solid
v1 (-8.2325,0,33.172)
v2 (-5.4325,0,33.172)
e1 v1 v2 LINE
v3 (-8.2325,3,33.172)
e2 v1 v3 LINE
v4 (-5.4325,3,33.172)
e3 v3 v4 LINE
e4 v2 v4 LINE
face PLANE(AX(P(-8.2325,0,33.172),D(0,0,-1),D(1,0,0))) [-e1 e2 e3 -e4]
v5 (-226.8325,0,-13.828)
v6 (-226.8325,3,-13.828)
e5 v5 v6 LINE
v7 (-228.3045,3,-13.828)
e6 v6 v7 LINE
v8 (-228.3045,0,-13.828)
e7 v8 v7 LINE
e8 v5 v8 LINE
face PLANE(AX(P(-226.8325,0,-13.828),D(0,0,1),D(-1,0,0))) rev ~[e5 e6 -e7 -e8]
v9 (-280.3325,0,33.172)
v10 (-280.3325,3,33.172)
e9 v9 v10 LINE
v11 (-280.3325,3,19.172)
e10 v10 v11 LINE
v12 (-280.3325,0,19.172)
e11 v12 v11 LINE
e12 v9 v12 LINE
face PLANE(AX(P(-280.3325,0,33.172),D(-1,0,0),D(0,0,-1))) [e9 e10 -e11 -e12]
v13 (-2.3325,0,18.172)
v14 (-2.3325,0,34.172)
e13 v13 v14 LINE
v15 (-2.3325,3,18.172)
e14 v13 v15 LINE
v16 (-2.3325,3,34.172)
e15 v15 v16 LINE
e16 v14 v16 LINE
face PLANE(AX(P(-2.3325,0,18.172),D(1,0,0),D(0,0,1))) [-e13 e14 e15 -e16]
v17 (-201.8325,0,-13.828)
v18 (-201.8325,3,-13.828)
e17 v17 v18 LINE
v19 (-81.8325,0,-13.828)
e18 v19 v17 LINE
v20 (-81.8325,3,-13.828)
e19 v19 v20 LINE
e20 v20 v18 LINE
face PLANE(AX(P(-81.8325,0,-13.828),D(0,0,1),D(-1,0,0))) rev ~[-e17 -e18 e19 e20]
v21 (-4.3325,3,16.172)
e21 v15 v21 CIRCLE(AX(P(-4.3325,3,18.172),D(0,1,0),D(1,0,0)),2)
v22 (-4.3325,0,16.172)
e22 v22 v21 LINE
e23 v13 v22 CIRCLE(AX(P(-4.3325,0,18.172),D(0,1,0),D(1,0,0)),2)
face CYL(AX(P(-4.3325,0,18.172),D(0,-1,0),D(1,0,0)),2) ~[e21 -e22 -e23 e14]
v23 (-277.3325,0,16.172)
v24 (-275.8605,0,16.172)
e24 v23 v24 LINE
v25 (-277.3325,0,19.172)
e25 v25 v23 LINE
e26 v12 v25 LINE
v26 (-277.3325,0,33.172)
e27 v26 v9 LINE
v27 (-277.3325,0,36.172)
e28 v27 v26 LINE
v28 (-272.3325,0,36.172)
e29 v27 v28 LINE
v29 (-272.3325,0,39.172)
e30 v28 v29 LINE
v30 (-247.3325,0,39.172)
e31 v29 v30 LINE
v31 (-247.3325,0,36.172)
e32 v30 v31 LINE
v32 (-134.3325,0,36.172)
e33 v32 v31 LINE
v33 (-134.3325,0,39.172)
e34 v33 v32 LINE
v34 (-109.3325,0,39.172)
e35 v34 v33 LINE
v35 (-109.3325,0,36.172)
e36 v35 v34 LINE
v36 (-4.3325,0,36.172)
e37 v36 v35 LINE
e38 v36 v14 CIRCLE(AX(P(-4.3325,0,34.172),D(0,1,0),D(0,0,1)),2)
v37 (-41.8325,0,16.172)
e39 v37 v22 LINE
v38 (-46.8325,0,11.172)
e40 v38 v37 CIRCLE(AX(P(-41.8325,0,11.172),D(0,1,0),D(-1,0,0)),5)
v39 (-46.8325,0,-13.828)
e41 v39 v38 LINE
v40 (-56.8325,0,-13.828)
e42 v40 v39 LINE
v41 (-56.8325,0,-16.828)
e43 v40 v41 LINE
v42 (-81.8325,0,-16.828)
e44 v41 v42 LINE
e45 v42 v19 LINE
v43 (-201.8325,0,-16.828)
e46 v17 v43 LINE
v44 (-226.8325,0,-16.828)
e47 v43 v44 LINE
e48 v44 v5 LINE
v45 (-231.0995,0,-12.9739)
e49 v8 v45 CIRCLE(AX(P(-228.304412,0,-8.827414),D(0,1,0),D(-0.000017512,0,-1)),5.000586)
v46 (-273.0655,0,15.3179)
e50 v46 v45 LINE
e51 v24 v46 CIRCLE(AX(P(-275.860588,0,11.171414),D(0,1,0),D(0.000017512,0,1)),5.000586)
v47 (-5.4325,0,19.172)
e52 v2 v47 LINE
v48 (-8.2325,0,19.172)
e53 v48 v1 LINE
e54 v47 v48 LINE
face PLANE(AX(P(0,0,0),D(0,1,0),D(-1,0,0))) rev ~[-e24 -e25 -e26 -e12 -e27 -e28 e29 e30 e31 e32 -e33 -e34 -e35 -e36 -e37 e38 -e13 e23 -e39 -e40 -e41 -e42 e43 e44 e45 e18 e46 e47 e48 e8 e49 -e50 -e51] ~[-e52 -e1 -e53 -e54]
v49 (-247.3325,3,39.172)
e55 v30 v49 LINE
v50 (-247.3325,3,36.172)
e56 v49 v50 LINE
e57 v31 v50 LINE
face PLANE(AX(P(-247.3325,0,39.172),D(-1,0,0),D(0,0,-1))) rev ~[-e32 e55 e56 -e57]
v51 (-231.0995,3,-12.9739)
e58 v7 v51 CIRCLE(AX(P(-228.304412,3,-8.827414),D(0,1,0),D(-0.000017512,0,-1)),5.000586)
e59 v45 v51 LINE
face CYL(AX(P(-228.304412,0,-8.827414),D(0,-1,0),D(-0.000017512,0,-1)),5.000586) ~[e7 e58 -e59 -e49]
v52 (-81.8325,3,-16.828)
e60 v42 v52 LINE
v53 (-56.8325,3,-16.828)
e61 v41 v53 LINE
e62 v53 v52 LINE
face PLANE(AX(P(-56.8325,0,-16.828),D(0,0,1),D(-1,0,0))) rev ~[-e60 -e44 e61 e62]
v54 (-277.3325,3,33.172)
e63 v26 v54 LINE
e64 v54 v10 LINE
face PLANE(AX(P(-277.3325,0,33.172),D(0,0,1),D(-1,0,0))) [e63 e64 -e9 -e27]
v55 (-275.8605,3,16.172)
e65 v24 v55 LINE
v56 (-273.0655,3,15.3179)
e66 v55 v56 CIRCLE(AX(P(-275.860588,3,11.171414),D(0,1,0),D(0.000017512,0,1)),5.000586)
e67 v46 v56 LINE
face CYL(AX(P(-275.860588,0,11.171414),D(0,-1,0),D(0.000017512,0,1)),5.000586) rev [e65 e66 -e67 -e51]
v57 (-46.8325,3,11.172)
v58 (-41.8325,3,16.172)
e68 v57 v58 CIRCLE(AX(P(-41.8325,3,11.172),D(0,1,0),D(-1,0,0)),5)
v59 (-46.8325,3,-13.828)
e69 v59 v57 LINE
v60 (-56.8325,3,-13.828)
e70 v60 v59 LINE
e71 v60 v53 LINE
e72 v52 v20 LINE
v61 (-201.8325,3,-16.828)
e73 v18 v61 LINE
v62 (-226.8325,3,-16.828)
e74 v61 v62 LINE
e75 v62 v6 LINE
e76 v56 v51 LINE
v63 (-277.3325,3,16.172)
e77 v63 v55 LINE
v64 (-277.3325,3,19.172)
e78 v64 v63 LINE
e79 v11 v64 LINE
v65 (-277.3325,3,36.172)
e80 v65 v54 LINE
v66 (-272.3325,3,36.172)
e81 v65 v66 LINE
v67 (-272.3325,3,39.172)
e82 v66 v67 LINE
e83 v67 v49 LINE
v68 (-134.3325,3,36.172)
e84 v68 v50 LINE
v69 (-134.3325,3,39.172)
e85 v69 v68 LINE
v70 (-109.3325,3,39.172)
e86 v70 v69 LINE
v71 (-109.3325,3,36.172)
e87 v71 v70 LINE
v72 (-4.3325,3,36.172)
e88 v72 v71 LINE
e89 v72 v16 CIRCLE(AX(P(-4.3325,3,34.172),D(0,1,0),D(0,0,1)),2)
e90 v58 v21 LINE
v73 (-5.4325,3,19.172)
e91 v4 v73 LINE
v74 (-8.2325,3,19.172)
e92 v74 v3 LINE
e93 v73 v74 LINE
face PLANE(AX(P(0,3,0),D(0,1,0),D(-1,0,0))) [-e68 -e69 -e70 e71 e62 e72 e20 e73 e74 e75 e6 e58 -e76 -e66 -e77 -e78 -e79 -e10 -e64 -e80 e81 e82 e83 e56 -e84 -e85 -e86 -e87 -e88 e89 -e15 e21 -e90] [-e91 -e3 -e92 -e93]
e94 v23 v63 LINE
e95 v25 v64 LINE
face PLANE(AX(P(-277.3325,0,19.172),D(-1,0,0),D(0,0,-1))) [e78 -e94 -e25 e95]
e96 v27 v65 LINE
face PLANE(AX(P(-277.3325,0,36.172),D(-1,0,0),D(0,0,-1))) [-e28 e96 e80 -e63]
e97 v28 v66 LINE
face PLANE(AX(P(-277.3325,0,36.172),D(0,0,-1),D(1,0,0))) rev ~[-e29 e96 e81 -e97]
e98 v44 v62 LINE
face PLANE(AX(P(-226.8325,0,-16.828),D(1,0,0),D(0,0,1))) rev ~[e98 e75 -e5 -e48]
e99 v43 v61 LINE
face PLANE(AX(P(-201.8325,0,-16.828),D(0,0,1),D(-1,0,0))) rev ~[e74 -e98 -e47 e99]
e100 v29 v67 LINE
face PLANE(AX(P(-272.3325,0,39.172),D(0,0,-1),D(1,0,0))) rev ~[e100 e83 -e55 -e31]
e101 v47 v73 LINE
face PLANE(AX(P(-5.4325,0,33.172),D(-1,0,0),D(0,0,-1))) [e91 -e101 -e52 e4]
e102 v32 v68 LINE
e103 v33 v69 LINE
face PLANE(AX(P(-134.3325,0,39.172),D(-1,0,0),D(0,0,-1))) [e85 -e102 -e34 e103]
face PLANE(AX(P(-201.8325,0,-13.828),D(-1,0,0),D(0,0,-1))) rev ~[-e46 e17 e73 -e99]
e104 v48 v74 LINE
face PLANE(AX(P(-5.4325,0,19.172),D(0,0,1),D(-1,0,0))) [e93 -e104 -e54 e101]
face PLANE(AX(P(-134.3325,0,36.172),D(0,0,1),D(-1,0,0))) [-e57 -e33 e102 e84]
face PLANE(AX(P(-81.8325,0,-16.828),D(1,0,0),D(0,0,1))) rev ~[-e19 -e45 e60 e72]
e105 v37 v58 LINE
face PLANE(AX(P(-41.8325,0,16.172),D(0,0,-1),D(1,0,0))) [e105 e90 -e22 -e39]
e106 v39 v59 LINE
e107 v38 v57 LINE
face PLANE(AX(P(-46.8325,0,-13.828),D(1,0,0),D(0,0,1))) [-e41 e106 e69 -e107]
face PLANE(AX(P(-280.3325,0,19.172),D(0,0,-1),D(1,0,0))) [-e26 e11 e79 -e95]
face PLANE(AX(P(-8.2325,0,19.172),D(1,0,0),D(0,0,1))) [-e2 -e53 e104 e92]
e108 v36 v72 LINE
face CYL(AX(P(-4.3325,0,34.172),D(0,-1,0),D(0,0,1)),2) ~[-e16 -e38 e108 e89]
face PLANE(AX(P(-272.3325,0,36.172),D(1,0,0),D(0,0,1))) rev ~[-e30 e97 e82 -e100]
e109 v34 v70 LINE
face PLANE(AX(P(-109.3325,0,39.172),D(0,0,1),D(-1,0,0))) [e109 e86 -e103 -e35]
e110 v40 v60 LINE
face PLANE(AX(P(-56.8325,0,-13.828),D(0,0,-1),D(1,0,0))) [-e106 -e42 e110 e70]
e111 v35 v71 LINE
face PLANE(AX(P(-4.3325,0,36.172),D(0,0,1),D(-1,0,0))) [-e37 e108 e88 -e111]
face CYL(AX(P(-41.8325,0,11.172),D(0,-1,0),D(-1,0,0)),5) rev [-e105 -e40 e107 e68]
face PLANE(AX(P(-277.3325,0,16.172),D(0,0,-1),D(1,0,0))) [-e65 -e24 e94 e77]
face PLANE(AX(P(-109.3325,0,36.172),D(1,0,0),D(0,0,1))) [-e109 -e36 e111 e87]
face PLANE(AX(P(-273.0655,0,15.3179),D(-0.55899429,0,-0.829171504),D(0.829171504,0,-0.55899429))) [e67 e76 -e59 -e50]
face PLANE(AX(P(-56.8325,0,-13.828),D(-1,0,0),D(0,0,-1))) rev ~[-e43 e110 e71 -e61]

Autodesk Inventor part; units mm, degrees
ref_plane "YZ Plane" through (0, 0, 0) normal (1, 0, 0) x (0, 1, 0)
ref_plane "XZ Plane" through (0, 0, 0) normal (0, 1, 0) x (-1, 0, 0)
ref_plane "XY Plane" through (0, 0, 0) normal (0, 0, 1) x (1, 0, 0)
sketch "Sketch1" plane through (0, 0, 0) normal (0, 1, 0) x (-1, 0, 0)
  line L0 (4.3325, 36.172) -> (109.3325, 36.172)
  line L1 (134.3325, 36.172) -> (247.3325, 36.172)
  line L2 (277.3325, 36.172) -> (277.3325, 33.172)
  line L3 (277.3325, 33.172) -> (280.3325, 33.172)
  line L4 (280.3325, 33.172) -> (280.3325, 19.172)
  line L5 (280.3325, 19.172) -> (277.3325, 19.172)
  line L6 (277.3325, 19.172) -> (277.3325, 16.172)
  line L7 (201.8325, -13.828) -> (201.8325, -16.828)
  line L8 (201.8325, -16.828) -> (226.8325, -16.828)
  line L9 (226.8325, -16.828) -> (226.8325, -13.828)
  line L10 (56.8325, -13.828) -> (56.8325, -16.828)
  line L11 (56.8325, -16.828) -> (81.8325, -16.828)
  line L12 (81.8325, -16.828) -> (81.8325, -13.828)
  line L13 (81.8325, -13.828) -> (201.8325, -13.828)
  line L14 (56.8325, -13.828) -> (46.8325, -13.828)
  line L15 (46.8325, -13.828) -> (46.8325, 11.172)
  arc A0 (46.8325, 11.172) -> (41.8325, 16.172) centre (41.8325, 11.172) ccw
  line L16 (41.8325, 16.172) -> (4.3325, 16.172)
  arc A1 (2.3325, 18.172) -> (4.3325, 16.172) centre (4.3325, 18.172) ccw
  line L17 (2.3325, 18.172) -> (2.3325, 34.172)
  arc A2 (4.3325, 36.172) -> (2.3325, 34.172) centre (4.3325, 34.172) ccw
  line L18 (5.4325, 19.172) -> (8.2325, 19.172)
  line L19 (8.2325, 19.172) -> (8.2325, 33.172)
  line L20 (8.2325, 33.172) -> (5.4325, 33.172)
  line L21 (5.4325, 33.172) -> (5.4325, 19.172)
  line L22 (109.3325, 36.172) -> (109.3325, 39.172)
  line L23 (109.3325, 39.172) -> (134.3325, 39.172)
  line L24 (134.3325, 39.172) -> (134.3325, 36.172)
  line L25 (277.3325, 36.172) -> (272.3325, 36.172)
  line L26 (272.3325, 36.172) -> (272.3325, 39.172)
  line L27 (272.3325, 39.172) -> (247.3325, 39.172)
  line L28 (247.3325, 39.172) -> (247.3325, 36.172)
  line L29 (226.8325, -13.828) -> (228.3045, -13.828)
  line L30 (277.3325, 16.172) -> (275.8605, 16.172)
  arc A3 (275.8605, 16.172) -> (273.0655, 15.3179) centre (275.8605, 11.172) ccw
  line L31 (273.0655, 15.3179) -> (231.0995, -12.9739)
  arc A4 (228.3045, -13.828) -> (231.0995, -12.9739) centre (228.3045, -8.828) ccw
extrude "Extrusion1" add sketch "Sketch1" along normal blind 3
properties part number "sideWallRight" material "Polycarbonate, Clear"
